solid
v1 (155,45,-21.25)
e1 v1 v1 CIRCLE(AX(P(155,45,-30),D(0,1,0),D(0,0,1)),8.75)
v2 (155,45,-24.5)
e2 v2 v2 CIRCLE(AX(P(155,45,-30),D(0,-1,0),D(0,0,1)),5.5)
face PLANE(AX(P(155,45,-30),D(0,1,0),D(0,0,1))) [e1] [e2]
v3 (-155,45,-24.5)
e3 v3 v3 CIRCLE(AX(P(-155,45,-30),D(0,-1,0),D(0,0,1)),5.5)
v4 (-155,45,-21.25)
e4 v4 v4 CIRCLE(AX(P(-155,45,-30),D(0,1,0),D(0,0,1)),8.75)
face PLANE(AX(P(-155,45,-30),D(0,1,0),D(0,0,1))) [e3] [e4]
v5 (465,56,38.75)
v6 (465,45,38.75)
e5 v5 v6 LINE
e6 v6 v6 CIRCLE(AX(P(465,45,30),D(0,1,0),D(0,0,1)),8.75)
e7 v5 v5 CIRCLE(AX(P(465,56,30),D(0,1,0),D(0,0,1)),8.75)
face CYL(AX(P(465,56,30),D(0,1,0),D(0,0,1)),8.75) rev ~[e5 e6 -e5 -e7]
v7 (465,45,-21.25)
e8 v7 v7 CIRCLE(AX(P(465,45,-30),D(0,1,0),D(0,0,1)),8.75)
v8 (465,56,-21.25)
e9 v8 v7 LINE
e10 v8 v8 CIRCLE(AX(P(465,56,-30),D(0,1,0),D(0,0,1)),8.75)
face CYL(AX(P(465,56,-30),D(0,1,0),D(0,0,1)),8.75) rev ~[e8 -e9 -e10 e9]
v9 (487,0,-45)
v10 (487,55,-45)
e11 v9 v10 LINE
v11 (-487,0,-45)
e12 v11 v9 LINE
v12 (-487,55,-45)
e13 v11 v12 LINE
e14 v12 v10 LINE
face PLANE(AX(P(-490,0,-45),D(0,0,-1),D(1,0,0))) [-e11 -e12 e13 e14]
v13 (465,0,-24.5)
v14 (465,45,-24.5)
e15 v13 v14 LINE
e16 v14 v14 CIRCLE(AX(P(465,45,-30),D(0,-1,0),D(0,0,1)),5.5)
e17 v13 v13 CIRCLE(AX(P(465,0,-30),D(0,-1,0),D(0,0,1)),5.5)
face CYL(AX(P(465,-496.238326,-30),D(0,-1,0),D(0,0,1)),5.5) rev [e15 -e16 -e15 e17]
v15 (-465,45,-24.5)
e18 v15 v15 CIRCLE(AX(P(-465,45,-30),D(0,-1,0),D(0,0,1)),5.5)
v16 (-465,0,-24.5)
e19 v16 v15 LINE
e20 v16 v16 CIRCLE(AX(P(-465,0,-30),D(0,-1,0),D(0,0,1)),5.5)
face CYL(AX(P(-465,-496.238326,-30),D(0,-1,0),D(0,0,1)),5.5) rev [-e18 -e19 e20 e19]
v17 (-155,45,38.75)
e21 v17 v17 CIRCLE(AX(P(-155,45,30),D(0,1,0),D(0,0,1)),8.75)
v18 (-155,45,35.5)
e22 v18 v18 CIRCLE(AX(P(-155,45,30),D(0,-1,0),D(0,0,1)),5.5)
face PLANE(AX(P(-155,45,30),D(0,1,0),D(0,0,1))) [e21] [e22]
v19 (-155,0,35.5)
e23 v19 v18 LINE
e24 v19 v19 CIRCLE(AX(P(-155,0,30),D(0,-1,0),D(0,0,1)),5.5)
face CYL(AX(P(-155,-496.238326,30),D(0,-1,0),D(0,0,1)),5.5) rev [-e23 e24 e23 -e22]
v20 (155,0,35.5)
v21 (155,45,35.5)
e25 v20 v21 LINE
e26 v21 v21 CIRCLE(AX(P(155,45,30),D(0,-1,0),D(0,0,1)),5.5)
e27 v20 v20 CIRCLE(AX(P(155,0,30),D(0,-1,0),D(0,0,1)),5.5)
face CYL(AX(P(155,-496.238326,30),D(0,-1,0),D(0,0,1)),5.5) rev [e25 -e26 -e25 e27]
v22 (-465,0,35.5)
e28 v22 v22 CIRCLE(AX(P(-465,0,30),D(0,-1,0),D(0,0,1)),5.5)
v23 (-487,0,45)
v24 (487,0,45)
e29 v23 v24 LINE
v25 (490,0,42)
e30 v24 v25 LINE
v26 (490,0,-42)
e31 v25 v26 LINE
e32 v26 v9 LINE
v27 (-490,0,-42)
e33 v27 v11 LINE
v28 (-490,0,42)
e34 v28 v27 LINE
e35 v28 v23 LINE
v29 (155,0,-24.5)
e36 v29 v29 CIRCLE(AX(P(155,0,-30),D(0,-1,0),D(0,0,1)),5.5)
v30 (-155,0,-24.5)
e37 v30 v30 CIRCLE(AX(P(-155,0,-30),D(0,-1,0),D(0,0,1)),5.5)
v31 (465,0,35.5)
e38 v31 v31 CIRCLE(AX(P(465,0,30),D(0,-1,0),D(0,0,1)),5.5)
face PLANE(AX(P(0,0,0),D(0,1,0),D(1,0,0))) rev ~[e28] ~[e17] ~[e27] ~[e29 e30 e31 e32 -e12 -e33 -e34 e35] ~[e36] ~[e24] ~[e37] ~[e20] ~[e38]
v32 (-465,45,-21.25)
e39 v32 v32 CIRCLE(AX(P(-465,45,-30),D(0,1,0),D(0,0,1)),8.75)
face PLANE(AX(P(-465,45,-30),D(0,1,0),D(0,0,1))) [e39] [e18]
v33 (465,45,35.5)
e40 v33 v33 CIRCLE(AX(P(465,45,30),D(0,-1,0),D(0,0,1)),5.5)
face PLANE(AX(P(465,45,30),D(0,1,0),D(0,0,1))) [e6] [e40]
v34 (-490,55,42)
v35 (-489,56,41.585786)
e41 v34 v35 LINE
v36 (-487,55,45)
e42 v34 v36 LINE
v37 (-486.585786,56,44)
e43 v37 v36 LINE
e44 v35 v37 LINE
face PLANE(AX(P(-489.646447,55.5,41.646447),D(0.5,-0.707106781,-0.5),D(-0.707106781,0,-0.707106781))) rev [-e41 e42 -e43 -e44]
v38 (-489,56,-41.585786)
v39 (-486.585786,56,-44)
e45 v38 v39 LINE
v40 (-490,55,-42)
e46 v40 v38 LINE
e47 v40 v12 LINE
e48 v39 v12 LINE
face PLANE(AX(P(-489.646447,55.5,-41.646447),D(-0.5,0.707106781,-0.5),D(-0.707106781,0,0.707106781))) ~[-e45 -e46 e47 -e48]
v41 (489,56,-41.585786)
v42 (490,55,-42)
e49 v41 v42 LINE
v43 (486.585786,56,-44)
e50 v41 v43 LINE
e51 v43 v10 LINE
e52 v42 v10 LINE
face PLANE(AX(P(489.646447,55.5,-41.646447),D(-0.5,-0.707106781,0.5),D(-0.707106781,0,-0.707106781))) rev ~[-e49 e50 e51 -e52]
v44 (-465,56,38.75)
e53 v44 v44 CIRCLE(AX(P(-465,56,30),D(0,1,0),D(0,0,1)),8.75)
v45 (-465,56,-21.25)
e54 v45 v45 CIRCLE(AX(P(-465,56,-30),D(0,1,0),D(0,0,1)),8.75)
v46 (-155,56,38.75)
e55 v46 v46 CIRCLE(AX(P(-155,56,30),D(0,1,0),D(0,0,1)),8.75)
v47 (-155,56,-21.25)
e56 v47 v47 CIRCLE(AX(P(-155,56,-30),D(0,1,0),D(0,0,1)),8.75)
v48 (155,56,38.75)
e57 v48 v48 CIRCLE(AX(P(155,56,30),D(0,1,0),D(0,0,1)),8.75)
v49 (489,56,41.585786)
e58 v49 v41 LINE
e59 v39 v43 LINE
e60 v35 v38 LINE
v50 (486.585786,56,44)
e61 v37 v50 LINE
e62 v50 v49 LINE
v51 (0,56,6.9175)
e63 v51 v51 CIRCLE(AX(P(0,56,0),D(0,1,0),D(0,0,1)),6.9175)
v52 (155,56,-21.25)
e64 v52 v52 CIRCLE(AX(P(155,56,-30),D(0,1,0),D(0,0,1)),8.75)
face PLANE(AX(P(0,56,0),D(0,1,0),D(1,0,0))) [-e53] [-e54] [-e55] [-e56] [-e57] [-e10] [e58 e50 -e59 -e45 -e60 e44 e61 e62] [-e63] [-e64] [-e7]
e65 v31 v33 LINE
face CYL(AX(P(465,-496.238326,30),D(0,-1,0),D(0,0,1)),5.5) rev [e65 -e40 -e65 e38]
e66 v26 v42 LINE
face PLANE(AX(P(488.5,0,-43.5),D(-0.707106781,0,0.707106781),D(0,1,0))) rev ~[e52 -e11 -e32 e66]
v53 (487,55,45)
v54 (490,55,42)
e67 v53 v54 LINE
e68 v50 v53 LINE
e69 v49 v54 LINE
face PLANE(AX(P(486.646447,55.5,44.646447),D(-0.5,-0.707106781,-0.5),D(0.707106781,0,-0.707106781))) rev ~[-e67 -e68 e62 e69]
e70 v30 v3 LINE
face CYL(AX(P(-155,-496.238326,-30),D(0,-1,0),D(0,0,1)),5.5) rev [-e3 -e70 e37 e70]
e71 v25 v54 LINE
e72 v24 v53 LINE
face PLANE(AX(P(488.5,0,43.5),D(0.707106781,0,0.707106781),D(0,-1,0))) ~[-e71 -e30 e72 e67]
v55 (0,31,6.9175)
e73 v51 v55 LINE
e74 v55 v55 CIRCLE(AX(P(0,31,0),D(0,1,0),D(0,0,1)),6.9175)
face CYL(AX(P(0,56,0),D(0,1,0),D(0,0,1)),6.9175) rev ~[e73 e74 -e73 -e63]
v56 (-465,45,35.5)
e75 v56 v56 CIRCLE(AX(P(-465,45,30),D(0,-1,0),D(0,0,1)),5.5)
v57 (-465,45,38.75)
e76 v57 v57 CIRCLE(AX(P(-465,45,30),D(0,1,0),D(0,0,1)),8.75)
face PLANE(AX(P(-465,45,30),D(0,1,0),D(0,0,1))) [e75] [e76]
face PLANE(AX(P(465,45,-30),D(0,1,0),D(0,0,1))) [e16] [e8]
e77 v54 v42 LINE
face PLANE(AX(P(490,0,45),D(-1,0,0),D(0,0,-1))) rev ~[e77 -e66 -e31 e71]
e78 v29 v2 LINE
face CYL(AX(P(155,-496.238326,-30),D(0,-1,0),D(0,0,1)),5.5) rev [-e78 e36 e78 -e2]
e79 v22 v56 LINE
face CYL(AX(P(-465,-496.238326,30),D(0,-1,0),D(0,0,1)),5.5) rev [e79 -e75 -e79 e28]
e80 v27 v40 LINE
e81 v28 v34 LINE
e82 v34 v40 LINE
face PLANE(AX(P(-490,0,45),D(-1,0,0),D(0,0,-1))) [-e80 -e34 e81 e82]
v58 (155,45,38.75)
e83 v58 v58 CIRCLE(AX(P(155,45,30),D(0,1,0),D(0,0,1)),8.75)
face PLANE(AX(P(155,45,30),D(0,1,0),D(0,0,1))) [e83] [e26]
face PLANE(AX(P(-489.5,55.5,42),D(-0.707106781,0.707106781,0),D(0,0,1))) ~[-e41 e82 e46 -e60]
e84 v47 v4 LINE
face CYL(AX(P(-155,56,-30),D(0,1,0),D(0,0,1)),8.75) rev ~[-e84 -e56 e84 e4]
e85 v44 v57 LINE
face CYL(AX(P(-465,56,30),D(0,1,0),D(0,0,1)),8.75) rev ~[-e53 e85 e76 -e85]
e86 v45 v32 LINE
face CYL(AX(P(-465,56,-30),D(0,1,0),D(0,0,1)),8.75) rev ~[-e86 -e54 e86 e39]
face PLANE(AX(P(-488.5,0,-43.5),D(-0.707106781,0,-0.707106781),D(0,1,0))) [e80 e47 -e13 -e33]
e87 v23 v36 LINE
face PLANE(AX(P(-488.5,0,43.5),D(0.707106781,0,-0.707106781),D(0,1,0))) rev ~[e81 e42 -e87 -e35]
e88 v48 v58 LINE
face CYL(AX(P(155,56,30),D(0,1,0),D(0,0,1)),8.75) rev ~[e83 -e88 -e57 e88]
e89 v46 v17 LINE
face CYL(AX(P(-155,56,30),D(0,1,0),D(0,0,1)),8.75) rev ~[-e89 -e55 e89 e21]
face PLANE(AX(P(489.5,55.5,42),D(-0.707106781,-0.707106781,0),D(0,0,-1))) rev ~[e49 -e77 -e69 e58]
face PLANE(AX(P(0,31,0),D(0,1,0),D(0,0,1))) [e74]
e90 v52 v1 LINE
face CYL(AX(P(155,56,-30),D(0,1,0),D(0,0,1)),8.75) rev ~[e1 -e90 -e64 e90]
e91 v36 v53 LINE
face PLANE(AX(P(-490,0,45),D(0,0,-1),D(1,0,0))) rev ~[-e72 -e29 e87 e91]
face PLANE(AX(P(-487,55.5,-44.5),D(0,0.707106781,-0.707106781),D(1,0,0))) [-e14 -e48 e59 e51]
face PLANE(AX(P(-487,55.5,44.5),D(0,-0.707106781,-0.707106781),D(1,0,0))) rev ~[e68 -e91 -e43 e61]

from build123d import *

# Parameters (mm, degrees)
SKETCH_1_W               = 980
SKETCH_1_H               = 90
EXTRUDE_1_DEPTH          = 56
CHAMFER_1_SIZE           = 3
CHAMFER_2_SIZE           = 1
CUT_EXTRUDE_1_DEPTH      = 496.238326465
CUT_EXTRUDE_1_DEPTH_BACK = 496.238326465
SKETCH_2_R               = 5.5
SKETCH_4_R               = 8.75
CUT_EXTRUDE_2_DEPTH      = 11
SKETCH_5_R               = 6.9175
CUT_EXTRUDE_3_DEPTH      = 25


with BuildPart() as part:
    # ｽｹｯﾁ1 → ﾎﾞｽ - 押し出し1 (new body)
    with BuildSketch(Plane(origin=(0, 0, 0), x_dir=(1, 0, 0), z_dir=(0, 1, 0))):
        Rectangle(SKETCH_1_W, SKETCH_1_H)
    extrude(amount=EXTRUDE_1_DEPTH)

    # 面取り1
    chamfer_1_edges = [part.edges().sort_by_distance(p)[0] for p in [
        (-490, 28, -45),
        (490, 28, -45),
        (490, 28, 45),
        (-490, 28, 45),
    ]]
    chamfer(chamfer_1_edges, length=CHAMFER_1_SIZE)

    # 面取り2
    chamfer_2_edges = [part.edges().sort_by_distance(p)[0] for p in [
        (-490, 56, 0),
        (0, 56, -45),
        (0, 56, 45),
        (490, 56, 0),
        (-488.5, 56, 43.5),
        (488.5, 56, 43.5),
        (488.5, 56, -43.5),
        (-488.5, 56, -43.5),
    ]]
    chamfer(chamfer_2_edges, length=CHAMFER_2_SIZE)

    # ｽｹｯﾁ2 → ｶｯﾄ - 押し出し1 (cut, two sides: drawn at the far end of the back side and taken through both)
    with BuildSketch(Plane(origin=(0, 0, 0), x_dir=(1, 0, 0), z_dir=(0, 1, 0)).offset(-CUT_EXTRUDE_1_DEPTH_BACK)):
        with Locations(Location((-155, -30, 0), (0, 0, 270))):
            Circle(SKETCH_2_R)
        with Locations(Location((-155, 30, 0), (0, 0, 270))):
            Circle(SKETCH_2_R)
        with Locations(Location((-465, -30, 0), (0, 0, 270))):
            Circle(SKETCH_2_R)
        with Locations(Location((-465, 30, 0), (0, 0, 270))):
            Circle(SKETCH_2_R)
        with Locations(Location((155, -30, 0), (0, 0, 270))):
            Circle(SKETCH_2_R)
        with Locations(Location((155, 30, 0), (0, 0, 270))):
            Circle(SKETCH_2_R)
        with Locations(Location((465, -30, 0), (0, 0, 270))):
            Circle(SKETCH_2_R)
        with Locations(Location((465, 30, 0), (0, 0, 270))):
            Circle(SKETCH_2_R)
    extrude(amount=CUT_EXTRUDE_1_DEPTH + CUT_EXTRUDE_1_DEPTH_BACK, mode=Mode.SUBTRACT)

    # ｽｹｯﾁ4 → ｶｯﾄ - 押し出し2 (cut)
    with BuildSketch(Plane(origin=(0, 56, 0), x_dir=(1, 0, 0), z_dir=(0, 1, 0))):
        with Locations(Location((-155, -30, 0), (0, 0, 270))):
            Circle(SKETCH_4_R)
        with Locations(Location((-155, 30, 0), (0, 0, 270))):
            Circle(SKETCH_4_R)
        with Locations(Location((-465, -30, 0), (0, 0, 270))):
            Circle(SKETCH_4_R)
        with Locations(Location((-465, 30, 0), (0, 0, 270))):
            Circle(SKETCH_4_R)
        with Locations(Location((155, -30, 0), (0, 0, 270))):
            Circle(SKETCH_4_R)
        with Locations(Location((155, 30, 0), (0, 0, 270))):
            Circle(SKETCH_4_R)
        with Locations(Location((465, -30, 0), (0, 0, 270))):
            Circle(SKETCH_4_R)
        with Locations(Location((465, 30, 0), (0, 0, 270))):
            Circle(SKETCH_4_R)
    extrude(amount=-CUT_EXTRUDE_2_DEPTH, mode=Mode.SUBTRACT)

    # ｽｹｯﾁ5 → ｶｯﾄ - 押し出し3 (cut)
    with BuildSketch(Plane(origin=(0, 56, 0), x_dir=(1, 0, 0), z_dir=(0, 1, 0))):
        with Locations(Location((0, 0, 0), (0, 0, 270))):
            Circle(SKETCH_5_R)
    extrude(amount=-CUT_EXTRUDE_3_DEPTH, mode=Mode.SUBTRACT)


solid = part.part
